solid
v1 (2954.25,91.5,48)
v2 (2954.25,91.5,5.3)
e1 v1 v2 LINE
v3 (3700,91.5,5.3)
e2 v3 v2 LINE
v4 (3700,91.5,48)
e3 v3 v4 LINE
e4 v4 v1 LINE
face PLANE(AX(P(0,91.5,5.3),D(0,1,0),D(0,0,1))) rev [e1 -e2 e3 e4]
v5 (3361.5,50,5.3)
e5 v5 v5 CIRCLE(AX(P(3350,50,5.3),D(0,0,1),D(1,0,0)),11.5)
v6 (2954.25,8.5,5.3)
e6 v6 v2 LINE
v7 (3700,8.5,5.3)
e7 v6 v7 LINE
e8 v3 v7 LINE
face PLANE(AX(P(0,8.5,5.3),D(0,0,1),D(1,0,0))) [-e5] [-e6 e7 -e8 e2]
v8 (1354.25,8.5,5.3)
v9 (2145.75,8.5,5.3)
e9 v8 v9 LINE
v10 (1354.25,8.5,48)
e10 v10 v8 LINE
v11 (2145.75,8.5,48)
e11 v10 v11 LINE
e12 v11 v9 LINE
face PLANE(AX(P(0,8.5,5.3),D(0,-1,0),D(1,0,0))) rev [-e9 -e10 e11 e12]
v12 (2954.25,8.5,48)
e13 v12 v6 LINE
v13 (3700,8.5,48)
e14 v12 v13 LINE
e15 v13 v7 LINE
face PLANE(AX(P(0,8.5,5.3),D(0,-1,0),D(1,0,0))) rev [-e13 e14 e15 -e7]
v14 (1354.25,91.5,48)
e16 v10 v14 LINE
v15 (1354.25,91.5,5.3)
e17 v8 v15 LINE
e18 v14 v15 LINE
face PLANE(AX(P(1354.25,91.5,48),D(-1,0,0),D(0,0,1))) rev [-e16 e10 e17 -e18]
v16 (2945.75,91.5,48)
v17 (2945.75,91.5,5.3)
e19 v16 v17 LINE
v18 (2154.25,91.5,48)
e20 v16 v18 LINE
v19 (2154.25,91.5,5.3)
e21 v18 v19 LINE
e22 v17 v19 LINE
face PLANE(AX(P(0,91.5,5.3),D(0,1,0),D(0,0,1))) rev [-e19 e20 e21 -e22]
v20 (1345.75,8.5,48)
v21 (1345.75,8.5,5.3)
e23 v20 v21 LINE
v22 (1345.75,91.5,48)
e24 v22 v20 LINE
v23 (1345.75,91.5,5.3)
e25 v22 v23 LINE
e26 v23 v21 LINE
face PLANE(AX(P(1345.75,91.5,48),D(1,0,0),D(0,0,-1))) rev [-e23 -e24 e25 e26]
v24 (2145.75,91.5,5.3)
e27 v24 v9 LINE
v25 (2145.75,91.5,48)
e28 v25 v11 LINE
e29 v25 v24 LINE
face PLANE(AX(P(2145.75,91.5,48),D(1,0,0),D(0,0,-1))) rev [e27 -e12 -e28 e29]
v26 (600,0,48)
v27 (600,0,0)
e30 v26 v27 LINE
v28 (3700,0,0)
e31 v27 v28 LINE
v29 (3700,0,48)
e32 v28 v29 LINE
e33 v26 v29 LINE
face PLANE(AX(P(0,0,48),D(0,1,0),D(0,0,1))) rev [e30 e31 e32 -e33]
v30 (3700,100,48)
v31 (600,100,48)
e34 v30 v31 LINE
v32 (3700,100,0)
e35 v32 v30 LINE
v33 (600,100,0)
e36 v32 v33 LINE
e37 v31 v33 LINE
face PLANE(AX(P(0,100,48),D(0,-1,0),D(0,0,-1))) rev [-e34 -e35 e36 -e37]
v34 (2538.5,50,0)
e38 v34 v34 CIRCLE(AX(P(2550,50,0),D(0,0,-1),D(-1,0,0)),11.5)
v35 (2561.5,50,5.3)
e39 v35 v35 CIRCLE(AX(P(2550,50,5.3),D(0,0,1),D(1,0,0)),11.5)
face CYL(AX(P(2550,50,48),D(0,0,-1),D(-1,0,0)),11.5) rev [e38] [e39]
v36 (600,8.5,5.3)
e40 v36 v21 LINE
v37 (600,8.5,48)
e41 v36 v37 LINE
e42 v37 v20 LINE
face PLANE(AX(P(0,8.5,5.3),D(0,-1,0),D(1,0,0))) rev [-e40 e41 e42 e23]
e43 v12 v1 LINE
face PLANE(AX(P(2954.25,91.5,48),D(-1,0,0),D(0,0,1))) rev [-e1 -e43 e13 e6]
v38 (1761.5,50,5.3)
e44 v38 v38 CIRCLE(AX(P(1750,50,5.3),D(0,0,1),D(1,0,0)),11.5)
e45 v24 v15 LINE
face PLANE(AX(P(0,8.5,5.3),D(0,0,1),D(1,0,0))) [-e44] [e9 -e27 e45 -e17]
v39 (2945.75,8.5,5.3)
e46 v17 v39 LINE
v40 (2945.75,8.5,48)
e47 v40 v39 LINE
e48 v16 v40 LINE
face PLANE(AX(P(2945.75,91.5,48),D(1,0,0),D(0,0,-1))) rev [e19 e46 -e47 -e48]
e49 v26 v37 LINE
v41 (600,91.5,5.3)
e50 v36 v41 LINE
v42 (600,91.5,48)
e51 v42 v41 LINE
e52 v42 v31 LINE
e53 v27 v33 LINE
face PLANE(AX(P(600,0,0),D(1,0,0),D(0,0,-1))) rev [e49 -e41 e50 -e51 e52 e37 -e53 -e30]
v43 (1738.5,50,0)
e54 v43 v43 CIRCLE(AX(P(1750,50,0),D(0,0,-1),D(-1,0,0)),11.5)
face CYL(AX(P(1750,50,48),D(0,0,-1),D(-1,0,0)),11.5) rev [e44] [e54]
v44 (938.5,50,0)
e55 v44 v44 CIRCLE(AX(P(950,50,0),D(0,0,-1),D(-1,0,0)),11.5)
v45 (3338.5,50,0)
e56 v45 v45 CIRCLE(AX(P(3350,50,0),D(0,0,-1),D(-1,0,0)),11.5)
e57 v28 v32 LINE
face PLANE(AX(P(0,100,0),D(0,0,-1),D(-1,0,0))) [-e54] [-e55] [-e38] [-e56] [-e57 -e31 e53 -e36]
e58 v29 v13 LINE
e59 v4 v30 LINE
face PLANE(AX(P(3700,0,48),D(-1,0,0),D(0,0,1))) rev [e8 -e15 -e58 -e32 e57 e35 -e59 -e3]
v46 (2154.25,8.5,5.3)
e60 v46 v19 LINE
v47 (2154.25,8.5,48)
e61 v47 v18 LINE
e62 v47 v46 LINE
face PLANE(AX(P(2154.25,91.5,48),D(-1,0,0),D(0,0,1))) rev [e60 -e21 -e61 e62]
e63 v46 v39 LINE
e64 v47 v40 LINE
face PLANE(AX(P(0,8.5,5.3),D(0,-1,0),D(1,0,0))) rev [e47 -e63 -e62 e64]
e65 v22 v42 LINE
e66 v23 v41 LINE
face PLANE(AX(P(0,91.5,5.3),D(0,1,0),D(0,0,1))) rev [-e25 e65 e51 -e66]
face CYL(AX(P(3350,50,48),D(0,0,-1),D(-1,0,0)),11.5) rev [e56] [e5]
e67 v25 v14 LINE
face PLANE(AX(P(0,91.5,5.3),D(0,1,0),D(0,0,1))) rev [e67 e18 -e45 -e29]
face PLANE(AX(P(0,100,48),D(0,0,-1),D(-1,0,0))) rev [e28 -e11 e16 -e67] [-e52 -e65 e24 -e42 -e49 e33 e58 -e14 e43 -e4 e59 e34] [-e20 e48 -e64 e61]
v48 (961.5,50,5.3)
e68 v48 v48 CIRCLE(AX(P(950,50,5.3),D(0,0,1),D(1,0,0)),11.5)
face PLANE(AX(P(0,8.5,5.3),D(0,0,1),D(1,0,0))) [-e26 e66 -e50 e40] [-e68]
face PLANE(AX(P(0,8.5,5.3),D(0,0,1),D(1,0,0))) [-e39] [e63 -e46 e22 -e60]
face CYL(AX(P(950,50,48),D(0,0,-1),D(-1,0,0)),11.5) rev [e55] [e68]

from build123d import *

# Parameters (mm, degrees)
SKETCH_1_W             = 4300
SKETCH_1_H             = 100
EXTRUDE_1_DEPTH        = 48
SKETCH_2_W             = 4300
SKETCH_2_H             = 83
CUT_EXTRUDE_2_DEPTH    = 42.7
SKETCH_3_W             = 8.5
SKETCH_3_H             = 83
EXTRUDE_3_DEPTH        = 42.7
PATTERN_LINEAR_1_COUNT = 5
PATTERN_LINEAR_1_PITCH = 800
SKETCH_4_R             = 11.5
CUT_EXTRUDE_4_DEPTH    = 4302.430459742
PATTERN_LINEAR_2_COUNT = 6
PATTERN_LINEAR_2_PITCH = 800
SKETCH_5_W             = 600
SKETCH_5_H             = 48
CUT_EXTRUDE_1_DEPTH    = 100


with BuildPart() as part:
    # 草图1 → 拉伸1 (new body)
    with BuildSketch(Plane.XY):
        with Locations((2150, 50)):
            Rectangle(SKETCH_1_W, SKETCH_1_H)
    extrude(amount=EXTRUDE_1_DEPTH)

    # 草图2 → 拉伸2 (cut)
    with BuildSketch(Plane.XY.offset(48)):
        with Locations((2150, 50)):
            Rectangle(SKETCH_2_W, SKETCH_2_H)
    extrude(amount=-CUT_EXTRUDE_2_DEPTH, mode=Mode.SUBTRACT)

    # 草图3 → 拉伸3 (add)
    with BuildSketch(Plane.XY.offset(5.3)):
        with Locations((550, 50)):
            Rectangle(SKETCH_3_W, SKETCH_3_H)
    extrude_3 = extrude(amount=EXTRUDE_3_DEPTH)

    # 阵列(线性)1: 拉伸3 ×5
    with Locations(*[(i * PATTERN_LINEAR_1_PITCH, 0, 0) for i in range(1, PATTERN_LINEAR_1_COUNT)]):
        add(extrude_3)

    # 草图4 → 拉伸4 (cut, through all)
    with BuildSketch(Plane(origin=(0, 0, 0), x_dir=(-1, 0, 0), z_dir=(0, 0, -1))):
        with Locations((-4150, 50)):
            Circle(SKETCH_4_R)
    cut_extrude_4 = extrude(amount=-CUT_EXTRUDE_4_DEPTH, mode=Mode.SUBTRACT)

    # 阵列(线性)2: 拉伸4 ×6
    with Locations(*[(-i * PATTERN_LINEAR_2_PITCH, 0, 0) for i in range(1, PATTERN_LINEAR_2_COUNT)]):
        add(cut_extrude_4, mode=Mode.SUBTRACT)

    # 草图5 → 切除-拉伸1 (cut)
    with BuildSketch(Plane(origin=(0, 100, 0), x_dir=(-1, 0, 0), z_dir=(0, 1, 0))):
        with Locations((-300, 24)):
            Rectangle(SKETCH_5_W, SKETCH_5_H)
        with Locations((-4000, 24)):
            Rectangle(SKETCH_5_W, SKETCH_5_H)
    extrude(amount=-CUT_EXTRUDE_1_DEPTH, mode=Mode.SUBTRACT)


solid = part.part
